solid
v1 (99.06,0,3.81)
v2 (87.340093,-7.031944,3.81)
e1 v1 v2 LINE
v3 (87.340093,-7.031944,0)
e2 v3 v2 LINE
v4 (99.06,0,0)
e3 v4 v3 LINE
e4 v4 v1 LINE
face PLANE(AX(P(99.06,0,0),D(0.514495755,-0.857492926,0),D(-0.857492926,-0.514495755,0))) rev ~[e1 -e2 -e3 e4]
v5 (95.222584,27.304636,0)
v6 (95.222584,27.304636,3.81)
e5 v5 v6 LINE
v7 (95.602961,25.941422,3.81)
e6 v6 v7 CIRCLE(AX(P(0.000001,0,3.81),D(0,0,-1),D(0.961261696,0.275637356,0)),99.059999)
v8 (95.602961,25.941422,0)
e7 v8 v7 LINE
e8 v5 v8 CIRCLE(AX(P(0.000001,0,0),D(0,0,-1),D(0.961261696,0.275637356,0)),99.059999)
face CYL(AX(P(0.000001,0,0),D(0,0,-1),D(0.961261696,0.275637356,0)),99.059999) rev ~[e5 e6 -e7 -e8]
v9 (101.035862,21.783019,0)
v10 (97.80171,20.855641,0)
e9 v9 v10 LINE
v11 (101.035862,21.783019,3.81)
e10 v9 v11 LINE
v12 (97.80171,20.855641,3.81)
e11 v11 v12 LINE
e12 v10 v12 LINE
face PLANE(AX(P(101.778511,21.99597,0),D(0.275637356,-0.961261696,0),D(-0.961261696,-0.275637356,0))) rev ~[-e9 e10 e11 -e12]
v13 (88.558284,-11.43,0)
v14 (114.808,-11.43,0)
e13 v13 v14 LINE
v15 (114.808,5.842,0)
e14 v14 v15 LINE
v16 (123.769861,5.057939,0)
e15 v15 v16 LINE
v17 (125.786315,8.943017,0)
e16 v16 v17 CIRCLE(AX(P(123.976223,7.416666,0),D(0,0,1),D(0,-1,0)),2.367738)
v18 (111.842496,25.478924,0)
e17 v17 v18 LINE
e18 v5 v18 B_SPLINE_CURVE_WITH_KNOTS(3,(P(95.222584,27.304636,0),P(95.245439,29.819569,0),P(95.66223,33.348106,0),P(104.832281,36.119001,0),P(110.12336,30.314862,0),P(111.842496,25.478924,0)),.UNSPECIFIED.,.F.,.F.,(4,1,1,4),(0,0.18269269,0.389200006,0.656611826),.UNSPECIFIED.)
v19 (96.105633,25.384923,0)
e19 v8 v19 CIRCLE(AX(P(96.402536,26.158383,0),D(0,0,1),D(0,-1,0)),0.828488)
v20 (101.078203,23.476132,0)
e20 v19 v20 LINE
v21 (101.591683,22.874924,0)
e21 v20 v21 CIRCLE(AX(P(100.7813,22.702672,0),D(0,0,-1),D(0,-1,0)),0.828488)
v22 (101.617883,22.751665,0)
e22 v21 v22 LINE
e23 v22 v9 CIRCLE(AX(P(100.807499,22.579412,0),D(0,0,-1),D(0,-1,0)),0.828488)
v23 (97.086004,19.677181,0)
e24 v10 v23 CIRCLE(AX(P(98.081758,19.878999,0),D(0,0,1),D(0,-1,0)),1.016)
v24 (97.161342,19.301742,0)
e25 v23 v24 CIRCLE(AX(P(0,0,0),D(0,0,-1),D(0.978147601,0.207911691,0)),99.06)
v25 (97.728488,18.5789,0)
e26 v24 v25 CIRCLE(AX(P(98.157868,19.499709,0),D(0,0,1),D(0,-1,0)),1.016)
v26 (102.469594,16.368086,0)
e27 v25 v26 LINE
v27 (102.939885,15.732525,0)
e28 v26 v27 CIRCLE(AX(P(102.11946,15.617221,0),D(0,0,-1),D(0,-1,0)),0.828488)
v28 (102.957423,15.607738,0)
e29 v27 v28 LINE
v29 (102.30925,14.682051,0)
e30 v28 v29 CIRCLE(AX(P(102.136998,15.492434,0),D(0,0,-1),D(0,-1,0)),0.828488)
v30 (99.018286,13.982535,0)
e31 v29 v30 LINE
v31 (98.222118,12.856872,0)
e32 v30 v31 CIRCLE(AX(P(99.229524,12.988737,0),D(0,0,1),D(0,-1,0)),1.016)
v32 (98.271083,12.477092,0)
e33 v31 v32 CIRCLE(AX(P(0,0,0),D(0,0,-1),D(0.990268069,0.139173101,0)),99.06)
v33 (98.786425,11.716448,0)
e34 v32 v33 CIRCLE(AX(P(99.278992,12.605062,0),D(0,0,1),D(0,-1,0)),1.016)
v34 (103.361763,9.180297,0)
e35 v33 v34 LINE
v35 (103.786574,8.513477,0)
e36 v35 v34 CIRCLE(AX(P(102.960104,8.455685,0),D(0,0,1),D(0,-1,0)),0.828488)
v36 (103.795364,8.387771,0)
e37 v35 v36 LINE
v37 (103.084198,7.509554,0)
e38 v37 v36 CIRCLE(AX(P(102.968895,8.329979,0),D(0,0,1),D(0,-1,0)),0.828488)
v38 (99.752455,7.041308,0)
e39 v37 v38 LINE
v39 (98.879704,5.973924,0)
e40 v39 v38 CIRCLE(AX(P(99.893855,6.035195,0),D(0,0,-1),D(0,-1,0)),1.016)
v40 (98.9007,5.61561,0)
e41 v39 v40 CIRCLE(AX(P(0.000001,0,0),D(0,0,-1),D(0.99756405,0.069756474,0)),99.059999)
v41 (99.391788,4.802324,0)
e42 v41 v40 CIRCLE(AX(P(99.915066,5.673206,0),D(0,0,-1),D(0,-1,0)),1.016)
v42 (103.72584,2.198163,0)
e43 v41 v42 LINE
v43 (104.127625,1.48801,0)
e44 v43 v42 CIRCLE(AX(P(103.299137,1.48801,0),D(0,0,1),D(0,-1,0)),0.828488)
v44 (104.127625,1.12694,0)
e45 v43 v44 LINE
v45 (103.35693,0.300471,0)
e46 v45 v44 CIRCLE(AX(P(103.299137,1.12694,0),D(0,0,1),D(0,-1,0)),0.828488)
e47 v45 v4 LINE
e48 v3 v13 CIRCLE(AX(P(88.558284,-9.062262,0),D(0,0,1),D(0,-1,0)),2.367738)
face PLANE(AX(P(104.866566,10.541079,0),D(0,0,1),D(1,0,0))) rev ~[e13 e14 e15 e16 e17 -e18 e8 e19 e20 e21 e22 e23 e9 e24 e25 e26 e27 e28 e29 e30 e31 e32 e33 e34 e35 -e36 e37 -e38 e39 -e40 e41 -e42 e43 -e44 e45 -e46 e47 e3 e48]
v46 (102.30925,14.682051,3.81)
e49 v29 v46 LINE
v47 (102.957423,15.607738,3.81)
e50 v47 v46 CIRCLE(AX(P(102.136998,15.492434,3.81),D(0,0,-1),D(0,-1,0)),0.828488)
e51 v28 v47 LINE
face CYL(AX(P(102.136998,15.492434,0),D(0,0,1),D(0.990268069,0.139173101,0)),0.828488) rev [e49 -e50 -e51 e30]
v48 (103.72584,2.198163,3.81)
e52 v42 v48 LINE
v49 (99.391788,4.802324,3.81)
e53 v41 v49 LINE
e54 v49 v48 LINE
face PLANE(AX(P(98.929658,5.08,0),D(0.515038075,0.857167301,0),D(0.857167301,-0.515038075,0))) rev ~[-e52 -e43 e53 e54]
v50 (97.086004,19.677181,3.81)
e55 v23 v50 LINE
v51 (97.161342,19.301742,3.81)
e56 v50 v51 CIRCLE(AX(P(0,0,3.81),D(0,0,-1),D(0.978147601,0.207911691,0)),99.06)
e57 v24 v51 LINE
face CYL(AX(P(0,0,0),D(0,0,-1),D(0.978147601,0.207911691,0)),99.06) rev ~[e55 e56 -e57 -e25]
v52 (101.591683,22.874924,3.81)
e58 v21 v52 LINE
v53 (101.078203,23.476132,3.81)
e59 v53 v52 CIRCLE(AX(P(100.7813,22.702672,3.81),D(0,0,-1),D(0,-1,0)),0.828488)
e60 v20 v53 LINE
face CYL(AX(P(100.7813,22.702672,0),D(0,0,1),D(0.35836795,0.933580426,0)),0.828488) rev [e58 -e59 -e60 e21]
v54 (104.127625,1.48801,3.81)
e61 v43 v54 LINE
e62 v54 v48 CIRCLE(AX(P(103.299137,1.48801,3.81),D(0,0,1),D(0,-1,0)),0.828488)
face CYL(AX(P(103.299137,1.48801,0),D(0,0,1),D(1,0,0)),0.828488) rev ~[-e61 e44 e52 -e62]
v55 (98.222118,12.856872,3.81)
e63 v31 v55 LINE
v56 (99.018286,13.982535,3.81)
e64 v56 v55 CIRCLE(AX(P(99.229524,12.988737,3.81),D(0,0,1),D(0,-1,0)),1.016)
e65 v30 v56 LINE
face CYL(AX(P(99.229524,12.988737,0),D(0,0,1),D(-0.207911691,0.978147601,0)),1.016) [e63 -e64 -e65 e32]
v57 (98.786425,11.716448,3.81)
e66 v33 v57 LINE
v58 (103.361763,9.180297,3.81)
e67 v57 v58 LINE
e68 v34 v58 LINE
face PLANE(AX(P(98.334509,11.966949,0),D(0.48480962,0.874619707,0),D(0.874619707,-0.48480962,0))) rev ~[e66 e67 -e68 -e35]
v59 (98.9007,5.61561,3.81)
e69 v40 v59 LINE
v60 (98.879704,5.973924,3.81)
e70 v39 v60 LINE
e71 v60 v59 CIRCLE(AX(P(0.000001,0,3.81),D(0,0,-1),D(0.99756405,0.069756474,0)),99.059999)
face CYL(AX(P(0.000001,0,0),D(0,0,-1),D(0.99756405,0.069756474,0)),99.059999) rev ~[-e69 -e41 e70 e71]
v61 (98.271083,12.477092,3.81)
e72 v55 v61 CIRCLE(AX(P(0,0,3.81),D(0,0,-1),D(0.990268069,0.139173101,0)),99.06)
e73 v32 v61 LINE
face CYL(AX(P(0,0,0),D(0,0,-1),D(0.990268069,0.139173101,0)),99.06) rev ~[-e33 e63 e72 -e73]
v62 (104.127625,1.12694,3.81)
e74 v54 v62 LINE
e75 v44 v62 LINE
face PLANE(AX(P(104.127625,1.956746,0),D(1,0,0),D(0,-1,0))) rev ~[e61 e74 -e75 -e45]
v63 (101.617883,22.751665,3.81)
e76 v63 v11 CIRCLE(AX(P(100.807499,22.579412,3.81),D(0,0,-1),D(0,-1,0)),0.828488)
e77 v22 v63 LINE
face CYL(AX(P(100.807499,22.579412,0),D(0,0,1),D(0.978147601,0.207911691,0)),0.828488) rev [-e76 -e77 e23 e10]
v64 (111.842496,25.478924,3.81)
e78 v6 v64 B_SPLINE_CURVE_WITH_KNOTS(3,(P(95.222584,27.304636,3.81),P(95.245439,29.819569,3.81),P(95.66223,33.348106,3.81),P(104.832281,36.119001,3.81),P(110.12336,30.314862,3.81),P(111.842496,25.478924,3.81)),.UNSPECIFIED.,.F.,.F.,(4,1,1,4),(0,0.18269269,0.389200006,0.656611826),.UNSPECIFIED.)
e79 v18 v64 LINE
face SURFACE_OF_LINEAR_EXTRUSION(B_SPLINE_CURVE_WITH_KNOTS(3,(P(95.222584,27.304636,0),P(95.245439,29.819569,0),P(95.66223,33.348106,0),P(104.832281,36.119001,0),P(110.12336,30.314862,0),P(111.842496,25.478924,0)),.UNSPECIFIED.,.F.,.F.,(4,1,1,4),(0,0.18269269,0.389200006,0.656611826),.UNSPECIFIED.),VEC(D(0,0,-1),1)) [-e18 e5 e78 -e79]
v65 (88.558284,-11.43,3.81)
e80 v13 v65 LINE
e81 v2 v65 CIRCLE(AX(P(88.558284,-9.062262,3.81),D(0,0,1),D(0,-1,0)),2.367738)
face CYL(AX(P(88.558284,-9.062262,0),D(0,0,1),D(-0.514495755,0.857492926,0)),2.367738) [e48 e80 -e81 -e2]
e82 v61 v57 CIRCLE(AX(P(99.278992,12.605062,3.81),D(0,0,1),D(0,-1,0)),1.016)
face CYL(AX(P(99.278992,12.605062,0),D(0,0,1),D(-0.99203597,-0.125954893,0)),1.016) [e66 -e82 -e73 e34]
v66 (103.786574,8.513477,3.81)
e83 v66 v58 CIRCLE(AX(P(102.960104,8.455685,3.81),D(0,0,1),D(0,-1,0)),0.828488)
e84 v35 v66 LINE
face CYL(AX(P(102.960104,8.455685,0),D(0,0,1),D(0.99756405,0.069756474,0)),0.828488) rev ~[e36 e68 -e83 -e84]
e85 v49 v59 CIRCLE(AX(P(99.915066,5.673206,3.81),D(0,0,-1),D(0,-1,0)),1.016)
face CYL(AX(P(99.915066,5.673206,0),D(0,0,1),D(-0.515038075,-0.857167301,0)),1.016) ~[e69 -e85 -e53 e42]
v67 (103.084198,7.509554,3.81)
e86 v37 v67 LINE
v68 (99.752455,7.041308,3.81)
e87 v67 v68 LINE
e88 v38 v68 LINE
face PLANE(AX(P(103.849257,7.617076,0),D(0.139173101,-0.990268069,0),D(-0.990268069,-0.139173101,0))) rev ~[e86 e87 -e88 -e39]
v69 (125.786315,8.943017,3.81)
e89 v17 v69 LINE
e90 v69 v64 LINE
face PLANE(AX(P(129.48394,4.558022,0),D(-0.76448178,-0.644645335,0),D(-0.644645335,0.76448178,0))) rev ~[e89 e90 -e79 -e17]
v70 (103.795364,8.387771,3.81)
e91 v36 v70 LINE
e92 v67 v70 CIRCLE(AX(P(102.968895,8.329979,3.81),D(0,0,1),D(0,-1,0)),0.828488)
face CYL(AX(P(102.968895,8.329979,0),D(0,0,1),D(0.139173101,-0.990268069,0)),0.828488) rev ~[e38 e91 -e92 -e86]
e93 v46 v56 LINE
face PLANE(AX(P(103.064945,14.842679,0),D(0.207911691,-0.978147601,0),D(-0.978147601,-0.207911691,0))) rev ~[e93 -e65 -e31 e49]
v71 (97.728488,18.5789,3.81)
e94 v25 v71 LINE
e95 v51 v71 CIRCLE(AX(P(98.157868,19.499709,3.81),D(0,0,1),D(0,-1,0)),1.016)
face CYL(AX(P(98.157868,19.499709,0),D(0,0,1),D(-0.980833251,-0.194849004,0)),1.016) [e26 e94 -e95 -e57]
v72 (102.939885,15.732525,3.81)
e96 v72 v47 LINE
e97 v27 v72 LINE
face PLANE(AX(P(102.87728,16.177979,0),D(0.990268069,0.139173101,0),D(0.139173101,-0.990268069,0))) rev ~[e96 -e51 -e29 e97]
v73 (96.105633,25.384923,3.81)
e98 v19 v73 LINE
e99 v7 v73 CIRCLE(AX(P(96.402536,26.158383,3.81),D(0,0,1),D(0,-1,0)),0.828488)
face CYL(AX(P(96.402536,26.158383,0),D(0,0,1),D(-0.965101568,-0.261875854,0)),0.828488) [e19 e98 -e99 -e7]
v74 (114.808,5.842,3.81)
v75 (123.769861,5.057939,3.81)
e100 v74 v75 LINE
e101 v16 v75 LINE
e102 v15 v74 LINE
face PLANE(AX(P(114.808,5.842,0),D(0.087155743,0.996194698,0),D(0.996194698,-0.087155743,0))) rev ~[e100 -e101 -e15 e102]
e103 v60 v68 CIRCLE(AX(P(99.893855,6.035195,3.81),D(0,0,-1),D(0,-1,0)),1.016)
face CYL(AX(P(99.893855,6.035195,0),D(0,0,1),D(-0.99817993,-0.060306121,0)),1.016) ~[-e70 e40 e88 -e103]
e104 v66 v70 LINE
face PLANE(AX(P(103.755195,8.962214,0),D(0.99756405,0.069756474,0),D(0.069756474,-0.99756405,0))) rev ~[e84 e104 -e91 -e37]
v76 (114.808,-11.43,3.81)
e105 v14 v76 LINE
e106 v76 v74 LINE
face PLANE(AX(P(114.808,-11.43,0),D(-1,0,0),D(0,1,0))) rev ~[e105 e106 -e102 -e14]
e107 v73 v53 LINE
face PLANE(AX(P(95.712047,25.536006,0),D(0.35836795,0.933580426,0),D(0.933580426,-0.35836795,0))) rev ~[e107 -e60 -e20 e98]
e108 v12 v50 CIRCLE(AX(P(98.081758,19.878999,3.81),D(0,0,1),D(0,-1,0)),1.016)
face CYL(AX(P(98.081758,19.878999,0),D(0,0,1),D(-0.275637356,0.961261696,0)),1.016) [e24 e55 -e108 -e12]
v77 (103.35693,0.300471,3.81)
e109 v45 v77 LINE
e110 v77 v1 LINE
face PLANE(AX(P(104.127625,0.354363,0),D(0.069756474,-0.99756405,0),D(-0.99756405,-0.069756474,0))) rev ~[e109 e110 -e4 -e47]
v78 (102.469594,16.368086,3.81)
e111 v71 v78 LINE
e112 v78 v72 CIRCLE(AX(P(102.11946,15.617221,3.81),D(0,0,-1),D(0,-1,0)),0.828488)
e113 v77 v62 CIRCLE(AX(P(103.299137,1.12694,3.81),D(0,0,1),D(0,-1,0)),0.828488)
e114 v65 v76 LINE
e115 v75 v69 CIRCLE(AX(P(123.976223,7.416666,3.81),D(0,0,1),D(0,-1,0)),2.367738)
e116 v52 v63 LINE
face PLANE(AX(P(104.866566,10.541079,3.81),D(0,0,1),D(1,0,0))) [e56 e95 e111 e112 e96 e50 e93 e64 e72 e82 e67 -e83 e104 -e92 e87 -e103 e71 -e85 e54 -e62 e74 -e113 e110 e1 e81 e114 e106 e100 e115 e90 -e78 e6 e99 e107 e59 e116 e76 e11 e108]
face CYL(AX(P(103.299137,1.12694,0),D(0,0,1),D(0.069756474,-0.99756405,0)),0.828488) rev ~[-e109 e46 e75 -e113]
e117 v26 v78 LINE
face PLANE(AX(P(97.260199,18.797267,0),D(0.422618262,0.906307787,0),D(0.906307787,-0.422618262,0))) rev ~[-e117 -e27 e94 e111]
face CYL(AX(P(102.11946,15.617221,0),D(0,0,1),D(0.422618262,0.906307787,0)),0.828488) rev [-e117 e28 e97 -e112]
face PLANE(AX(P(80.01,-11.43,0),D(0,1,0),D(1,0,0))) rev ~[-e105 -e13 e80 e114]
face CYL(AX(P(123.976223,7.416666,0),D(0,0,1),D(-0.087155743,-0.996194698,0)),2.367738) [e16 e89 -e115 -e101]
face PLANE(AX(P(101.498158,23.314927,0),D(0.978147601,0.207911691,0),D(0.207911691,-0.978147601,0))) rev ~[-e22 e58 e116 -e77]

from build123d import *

# Parameters (mm, degrees)
F1_DEPTH = 3.81
F2_R     = 2.367737602
F3_R     = 0.8284878815
F4_R     = 1.016


with BuildPart() as f1:
    # F0 (on Top) → F1 (new body)
    with BuildSketch(Plane.XY):
        with BuildLine():
            Line((98.3983673645, -11.43), (99.06, -11.43))
            Line((99.06, -11.43), (114.808, -11.43))
            Line((114.808, -11.43), (114.808, 5.842))
            add(Edge.make_bspline(
                [(111.8424964318, 25.4789244169), (114.050069317, 19.269012489), (114.16942194, 10.4852159403), (114.808, 5.842)],
                knots=[0.6566118261, 0.6566118261, 0.6566118261, 0.6566118261, 1, 1, 1, 1], degree=3))
            add(Edge.make_bspline(
                [(95.2225835996, 27.3046364672), (95.2454386696, 29.8195688516), (95.6622303832, 33.3481063354), (104.8322806826, 36.1190012322), (110.1233601043, 30.3148622281), (111.8424964318, 25.4789244169)],
                knots=[0, 0, 0, 0, 0.1826926903, 0.3892000055, 0.6566118261, 0.6566118261, 0.6566118261, 0.6566118261], degree=3))
            ThreePointArc((95.2225835996, 27.3046364672), (95.4714110254, 26.4214548581), (95.7120472042, 25.5360063436))
            Line((95.7120472042, 25.5360063436), (101.4981578414, 23.3149265672))
            Line((101.4981578414, 23.3149265672), (101.7785107441, 21.99596986))
            Line((101.7785107441, 21.99596986), (96.8953013287, 20.5957320924))
            ThreePointArc((96.8953013287, 20.5957320924), (97.0819149886, 19.6973445455), (97.2601992237, 18.7972670078))
            Line((97.2601992237, 18.7972670078), (102.8772804931, 16.1779789954))
            Line((102.8772804931, 16.1779789954), (103.0649447013, 14.8426787705))
            Line((103.0649447013, 14.8426787705), (98.0959548895, 13.7864873811))
            ThreePointArc((98.0959548895, 13.7864873811), (98.2194456206, 12.8772707503), (98.3345093292, 11.9669492766))
            Line((98.3345093292, 11.9669492766), (103.7551953754, 8.9622139361))
            Line((103.7551953754, 8.9622139361), (103.8492566079, 7.617075642))
            Line((103.8492566079, 7.617075642), (98.8186948187, 6.9100762891))
            ThreePointArc((98.8186948187, 6.9100762891), (98.8784103809, 5.9952948679), (98.9296578383, 5.08))
            Line((98.9296578383, 5.08), (104.1276253753, 1.956746008))
            Line((104.1276253753, 1.956746008), (104.1276253753, 0.3543628866))
            Line((104.1276253753, 0.3543628866), (99.06, 0))
            ThreePointArc((99.06, 0), (98.8944535126, -5.7245667466), (98.3983673645, -11.43))
        make_face()
        with BuildLine():
            Line((80.01, -11.43), (98.3983673645, -11.43))
            ThreePointArc((98.3983673645, -11.43), (98.8944535126, -5.7245667466), (99.06, 0))
            Line((99.06, 0), (80.01, -11.43))
        make_face()
        with BuildLine():
            add(Edge.make_bspline(
                [(111.8424964318, 25.4789244169), (114.050069317, 19.269012489), (114.16942194, 10.4852159403), (114.808, 5.842)],
                knots=[0.6566118261, 0.6566118261, 0.6566118261, 0.6566118261, 1, 1, 1, 1], degree=3))
            Line((114.808, 5.842), (129.4839402923, 4.5580215978))
            Line((129.4839402923, 4.5580215978), (111.8424964318, 25.4789244169))
        make_face()
    extrude(amount=F1_DEPTH)

    # F2
    f2_edges = [f1.edges().sort_by_distance(p)[0] for p in [
        (80.01, -11.43, 1.905),
        (129.48394, 4.558022, 1.905),
    ]]
    fillet(f2_edges, radius=F2_R)

    # F3
    f3_edges = [f1.edges().sort_by_distance(p)[0] for p in [
        (104.127625, 0.354363, 1.905),
        (104.127625, 1.956746, 1.905),
        (103.849257, 7.617076, 1.905),
        (103.755195, 8.962214, 1.905),
        (103.064945, 14.842679, 1.905),
        (102.87728, 16.177979, 1.905),
        (101.778511, 21.99597, 1.905),
        (101.498158, 23.314927, 1.905),
        (95.712047, 25.536006, 1.905),
    ]]
    fillet(f3_edges, radius=F3_R)

    # F4
    f4_edges = [f1.edges().sort_by_distance(p)[0] for p in [
        (98.818695, 6.910076, 1.905),
        (98.095955, 13.786487, 1.905),
        (96.895301, 20.595732, 1.905),
        (97.260199, 18.797267, 1.905),
        (98.334509, 11.966949, 1.905),
        (98.929658, 5.08, 1.905),
    ]]
    fillet(f4_edges, radius=F4_R)


solid = f1.part
